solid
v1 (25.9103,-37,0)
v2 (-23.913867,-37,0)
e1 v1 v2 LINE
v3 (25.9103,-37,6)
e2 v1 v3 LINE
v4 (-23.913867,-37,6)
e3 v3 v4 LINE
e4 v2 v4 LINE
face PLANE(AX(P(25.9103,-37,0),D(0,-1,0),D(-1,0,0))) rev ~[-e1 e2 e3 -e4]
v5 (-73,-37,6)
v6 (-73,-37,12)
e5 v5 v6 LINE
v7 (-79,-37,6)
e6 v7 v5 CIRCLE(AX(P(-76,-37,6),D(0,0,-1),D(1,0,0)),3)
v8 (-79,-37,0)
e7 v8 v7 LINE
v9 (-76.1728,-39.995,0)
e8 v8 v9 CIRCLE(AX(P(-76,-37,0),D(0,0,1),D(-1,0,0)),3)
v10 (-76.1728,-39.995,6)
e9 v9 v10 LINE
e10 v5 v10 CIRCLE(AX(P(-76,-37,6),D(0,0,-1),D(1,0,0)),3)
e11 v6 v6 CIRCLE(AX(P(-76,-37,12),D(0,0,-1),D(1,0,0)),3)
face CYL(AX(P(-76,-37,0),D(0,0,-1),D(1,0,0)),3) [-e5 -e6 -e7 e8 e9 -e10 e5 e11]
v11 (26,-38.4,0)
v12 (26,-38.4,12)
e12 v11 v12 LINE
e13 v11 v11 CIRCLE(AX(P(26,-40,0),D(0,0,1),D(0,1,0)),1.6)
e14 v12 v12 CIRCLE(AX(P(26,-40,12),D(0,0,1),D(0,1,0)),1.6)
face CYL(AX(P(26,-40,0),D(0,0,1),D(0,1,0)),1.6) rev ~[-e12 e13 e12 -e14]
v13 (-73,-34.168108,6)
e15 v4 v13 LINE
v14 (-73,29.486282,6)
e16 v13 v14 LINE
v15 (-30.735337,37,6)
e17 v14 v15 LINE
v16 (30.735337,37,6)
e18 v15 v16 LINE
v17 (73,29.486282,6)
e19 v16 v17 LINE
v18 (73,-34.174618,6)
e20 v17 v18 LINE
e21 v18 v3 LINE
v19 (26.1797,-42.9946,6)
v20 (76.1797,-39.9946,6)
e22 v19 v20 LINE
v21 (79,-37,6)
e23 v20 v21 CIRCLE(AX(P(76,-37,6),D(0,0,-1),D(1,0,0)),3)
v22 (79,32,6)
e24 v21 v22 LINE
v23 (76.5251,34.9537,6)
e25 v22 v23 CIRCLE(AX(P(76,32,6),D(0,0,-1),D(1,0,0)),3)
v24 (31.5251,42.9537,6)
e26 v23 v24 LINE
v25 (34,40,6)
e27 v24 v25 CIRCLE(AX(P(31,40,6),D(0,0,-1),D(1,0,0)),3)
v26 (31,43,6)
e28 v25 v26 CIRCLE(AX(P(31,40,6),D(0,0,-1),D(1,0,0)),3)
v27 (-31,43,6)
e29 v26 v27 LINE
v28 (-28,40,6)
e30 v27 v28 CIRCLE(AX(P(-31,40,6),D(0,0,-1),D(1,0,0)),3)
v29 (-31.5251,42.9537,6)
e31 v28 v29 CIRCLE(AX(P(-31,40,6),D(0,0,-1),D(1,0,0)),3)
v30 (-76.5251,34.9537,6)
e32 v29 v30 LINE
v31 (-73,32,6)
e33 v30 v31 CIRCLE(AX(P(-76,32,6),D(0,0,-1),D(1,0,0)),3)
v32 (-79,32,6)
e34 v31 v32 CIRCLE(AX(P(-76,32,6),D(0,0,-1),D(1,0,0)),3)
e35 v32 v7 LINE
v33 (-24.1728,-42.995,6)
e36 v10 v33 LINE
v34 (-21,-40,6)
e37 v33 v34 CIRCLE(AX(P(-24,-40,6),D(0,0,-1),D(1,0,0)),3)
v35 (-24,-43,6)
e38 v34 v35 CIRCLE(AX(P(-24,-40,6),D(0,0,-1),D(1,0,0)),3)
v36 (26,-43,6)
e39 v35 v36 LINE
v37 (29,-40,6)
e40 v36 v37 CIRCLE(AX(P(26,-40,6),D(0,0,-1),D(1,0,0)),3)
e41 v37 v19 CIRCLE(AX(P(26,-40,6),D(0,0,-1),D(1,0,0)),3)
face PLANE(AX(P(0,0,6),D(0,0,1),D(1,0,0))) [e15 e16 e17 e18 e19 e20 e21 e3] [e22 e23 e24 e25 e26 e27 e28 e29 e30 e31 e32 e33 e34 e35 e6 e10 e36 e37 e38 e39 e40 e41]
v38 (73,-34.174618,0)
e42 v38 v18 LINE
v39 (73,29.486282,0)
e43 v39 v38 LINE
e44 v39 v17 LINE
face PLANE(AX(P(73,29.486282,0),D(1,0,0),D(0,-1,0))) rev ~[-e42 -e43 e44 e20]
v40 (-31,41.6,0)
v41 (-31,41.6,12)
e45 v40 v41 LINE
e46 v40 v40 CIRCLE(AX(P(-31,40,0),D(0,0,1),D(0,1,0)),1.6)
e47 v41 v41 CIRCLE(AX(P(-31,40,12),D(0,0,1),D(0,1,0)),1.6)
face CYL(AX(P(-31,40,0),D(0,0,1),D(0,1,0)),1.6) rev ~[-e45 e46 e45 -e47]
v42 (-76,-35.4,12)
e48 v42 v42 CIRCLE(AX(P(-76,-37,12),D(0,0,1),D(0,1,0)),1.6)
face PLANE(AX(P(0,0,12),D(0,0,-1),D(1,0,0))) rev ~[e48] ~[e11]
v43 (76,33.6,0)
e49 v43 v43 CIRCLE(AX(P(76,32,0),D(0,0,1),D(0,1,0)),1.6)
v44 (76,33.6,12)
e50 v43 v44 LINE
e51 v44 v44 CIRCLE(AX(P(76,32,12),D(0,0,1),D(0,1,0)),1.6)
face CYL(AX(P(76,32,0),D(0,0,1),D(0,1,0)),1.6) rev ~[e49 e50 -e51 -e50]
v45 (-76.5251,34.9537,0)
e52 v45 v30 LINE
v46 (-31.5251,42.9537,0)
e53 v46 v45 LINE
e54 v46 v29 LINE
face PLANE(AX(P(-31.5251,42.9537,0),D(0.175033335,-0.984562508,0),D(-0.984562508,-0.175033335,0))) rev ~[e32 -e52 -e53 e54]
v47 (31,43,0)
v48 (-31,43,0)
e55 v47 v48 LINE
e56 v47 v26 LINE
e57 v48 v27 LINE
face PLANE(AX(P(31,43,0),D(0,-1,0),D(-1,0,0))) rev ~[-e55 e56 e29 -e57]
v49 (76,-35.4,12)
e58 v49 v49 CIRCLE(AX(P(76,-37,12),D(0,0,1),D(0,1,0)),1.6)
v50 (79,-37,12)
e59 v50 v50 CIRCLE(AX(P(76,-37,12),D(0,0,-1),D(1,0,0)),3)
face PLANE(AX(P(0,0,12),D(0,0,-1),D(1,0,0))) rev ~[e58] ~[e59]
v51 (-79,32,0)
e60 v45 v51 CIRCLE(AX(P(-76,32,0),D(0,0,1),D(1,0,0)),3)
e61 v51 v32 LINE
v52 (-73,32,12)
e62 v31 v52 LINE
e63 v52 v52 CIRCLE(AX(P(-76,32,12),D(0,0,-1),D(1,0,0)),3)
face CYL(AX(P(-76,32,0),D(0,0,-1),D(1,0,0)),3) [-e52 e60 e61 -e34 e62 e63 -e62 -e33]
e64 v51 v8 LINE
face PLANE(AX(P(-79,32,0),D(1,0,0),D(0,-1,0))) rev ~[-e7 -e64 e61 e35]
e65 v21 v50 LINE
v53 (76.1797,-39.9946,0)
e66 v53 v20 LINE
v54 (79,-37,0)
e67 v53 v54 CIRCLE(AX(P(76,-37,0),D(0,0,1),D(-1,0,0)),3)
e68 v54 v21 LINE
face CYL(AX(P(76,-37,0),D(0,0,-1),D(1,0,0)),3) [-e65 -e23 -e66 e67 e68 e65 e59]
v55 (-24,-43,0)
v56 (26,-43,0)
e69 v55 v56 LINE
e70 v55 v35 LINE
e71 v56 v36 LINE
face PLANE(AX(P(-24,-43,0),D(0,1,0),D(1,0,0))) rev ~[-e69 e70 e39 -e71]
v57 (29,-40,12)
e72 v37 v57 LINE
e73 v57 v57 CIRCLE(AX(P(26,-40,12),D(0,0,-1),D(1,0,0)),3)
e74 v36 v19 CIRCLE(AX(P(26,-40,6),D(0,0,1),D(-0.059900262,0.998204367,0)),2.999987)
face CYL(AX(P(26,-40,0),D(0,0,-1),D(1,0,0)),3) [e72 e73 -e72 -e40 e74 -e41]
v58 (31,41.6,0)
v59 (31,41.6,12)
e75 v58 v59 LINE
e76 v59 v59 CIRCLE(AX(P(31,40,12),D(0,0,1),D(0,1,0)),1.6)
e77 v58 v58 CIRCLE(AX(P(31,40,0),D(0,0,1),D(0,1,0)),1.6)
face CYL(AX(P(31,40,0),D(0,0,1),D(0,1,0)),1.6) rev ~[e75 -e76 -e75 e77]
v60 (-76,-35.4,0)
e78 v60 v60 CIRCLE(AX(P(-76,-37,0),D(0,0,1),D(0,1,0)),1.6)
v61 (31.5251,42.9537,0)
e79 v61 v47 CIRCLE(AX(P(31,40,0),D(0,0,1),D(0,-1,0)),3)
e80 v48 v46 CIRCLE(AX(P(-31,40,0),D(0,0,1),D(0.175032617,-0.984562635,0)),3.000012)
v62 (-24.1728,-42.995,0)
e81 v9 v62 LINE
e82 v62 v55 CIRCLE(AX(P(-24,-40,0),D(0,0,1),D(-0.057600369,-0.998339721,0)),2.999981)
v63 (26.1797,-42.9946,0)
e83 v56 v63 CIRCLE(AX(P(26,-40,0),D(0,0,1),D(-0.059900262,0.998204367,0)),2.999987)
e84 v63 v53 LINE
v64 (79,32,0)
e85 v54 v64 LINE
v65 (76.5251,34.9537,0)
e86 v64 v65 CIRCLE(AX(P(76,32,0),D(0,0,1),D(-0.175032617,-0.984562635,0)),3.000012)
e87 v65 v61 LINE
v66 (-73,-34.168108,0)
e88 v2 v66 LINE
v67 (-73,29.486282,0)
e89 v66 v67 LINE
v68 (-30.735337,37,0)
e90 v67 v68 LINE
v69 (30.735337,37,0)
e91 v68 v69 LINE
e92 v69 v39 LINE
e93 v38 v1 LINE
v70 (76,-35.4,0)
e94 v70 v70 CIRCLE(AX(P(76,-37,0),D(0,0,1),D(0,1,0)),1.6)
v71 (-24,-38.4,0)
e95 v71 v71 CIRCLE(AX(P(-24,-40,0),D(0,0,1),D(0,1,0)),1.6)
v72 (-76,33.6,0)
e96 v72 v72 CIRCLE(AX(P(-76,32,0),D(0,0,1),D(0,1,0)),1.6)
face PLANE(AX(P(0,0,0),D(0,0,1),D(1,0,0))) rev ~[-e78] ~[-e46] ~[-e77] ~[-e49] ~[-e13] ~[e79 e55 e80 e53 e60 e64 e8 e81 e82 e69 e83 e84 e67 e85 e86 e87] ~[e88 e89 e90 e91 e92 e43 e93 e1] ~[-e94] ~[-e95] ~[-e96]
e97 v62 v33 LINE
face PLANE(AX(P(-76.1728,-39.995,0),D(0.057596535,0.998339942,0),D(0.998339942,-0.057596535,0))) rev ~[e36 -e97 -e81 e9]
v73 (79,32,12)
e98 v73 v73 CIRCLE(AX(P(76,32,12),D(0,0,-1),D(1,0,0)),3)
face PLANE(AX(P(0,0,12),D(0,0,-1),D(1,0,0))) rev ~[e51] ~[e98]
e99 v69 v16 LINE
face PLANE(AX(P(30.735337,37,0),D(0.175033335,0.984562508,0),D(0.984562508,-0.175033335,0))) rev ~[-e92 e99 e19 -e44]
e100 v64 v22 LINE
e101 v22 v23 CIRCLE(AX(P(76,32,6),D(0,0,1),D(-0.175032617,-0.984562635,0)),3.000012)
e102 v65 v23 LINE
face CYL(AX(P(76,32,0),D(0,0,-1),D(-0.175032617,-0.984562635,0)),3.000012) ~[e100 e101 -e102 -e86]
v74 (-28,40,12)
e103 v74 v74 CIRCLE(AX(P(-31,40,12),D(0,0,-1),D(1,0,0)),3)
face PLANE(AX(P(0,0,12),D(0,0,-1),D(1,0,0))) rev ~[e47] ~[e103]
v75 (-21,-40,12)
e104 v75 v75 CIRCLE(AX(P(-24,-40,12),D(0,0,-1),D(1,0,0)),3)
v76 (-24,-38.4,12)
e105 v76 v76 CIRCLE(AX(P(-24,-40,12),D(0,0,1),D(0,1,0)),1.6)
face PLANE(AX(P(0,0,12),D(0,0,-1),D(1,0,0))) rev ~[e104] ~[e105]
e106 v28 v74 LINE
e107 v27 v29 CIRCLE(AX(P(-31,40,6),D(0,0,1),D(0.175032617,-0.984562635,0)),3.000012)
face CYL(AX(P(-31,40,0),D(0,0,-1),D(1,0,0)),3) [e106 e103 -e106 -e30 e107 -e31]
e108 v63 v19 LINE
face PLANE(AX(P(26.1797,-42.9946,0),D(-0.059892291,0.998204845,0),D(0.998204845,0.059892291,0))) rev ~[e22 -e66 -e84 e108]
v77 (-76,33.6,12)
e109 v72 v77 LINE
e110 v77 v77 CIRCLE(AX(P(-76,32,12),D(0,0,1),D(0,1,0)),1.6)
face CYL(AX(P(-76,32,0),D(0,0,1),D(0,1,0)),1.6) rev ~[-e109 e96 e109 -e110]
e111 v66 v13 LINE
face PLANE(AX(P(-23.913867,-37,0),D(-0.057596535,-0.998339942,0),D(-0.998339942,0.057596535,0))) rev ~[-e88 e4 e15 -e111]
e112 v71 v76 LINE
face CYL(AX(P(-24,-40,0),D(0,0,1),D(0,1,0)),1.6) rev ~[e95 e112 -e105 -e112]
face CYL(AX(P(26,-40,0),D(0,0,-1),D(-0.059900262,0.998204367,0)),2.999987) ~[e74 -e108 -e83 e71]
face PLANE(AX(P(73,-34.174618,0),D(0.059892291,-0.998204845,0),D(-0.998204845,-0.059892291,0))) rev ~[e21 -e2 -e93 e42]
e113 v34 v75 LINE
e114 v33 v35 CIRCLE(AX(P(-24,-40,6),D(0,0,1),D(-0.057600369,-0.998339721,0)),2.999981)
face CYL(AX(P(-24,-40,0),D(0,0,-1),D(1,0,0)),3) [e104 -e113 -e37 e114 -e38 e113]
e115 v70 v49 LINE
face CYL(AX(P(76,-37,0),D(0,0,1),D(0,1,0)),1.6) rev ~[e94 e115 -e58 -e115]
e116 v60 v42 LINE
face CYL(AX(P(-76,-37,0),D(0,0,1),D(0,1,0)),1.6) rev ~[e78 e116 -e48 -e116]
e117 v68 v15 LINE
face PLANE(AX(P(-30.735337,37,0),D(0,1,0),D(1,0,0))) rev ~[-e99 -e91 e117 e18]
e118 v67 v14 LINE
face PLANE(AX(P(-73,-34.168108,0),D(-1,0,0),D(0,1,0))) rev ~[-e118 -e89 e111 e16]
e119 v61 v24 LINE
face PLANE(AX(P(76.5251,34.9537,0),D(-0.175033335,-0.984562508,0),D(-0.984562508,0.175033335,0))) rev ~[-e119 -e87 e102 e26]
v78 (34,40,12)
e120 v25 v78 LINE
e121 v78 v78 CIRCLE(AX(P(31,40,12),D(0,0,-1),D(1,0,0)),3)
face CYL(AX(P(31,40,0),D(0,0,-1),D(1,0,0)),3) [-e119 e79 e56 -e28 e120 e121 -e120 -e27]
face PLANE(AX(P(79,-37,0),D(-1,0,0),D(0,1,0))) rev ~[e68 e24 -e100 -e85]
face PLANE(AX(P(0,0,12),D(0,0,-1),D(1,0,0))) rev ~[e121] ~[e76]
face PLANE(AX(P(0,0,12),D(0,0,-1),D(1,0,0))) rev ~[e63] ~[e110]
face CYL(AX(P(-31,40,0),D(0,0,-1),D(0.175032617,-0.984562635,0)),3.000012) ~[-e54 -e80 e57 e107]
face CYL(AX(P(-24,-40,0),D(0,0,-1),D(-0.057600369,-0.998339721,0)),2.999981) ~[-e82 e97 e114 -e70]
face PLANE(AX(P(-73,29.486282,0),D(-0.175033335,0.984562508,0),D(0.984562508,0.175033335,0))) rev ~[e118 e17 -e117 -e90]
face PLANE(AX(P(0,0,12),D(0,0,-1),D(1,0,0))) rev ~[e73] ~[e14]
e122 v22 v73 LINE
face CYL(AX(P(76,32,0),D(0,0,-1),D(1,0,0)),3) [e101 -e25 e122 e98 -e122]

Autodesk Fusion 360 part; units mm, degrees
sketch "Sketch1" plane through (0, 0, 0) normal (0, 0, 1) x (1, 0, 0)
  circle A0 centre (-76, 32) radius 1.6
  circle A1 centre (-31, 40) radius 1.6
  circle A2 centre (31, 40) radius 1.6
  circle A3 centre (76, 32) radius 1.6
  circle A4 centre (-76, -37) radius 1.6
  circle A5 centre (-24, -40) radius 1.6
  circle A6 centre (26, -40) radius 1.6
  circle A7 centre (76, -37) radius 1.6
  line L0 (-80, 44) -> (80, 44)
  line L1 (80, 44) -> (80, -44)
  line L2 (80, -44) -> (-80, -44)
  line L3 (-80, -44) -> (-80, 44)
  line L4 (80, 44) -> (-80, -44) construction
  dimension "d1" = 3.2
  dimension "d2" = 69
  dimension "d3" = 152
  dimension "d4" = 50
  dimension "d5" = 62
  dimension "d6" = 7
  dimension "d7" = 160
  dimension "d8" = 4
  dimension "d9" = 88
  dimension "d10" = 4
  dimension "d11" = 4
  dimension "d13" = 49
  dimension "d21" = 56
sketch "Sketch2" plane through (0, 0, 0) normal (0, 0, 1) x (1, 0, 0)
  circle A0 centre (-76, 32) radius 1.6 construction
  circle A1 centre (-31, 40) radius 1.6 construction
  circle A2 centre (31, 40) radius 1.6 construction
  circle A3 centre (76, 32) radius 1.6 construction
  circle A4 centre (76, -37) radius 1.6 construction
  circle A5 centre (26, -40) radius 1.6 construction
  circle A6 centre (-24, -40) radius 1.6 construction
  circle A7 centre (-76, -37) radius 1.6 construction
  circle A8 centre (-76, 32) radius 3 construction
  circle A9 centre (-31, 40) radius 3 construction
  circle A10 centre (31, 40) radius 3 construction
  circle A11 centre (76, 32) radius 3 construction
  circle A12 centre (76, -37) radius 3 construction
  circle A13 centre (26, -40) radius 3 construction
  circle A14 centre (-24, -40) radius 3 construction
  circle A15 centre (-76, -37) radius 3 construction
  line L0 (-79, 32) -> (-79, -37)
  arc A16 (-79, -37) -> (-73, -37) centre (-76, -37) ccw
  line L1 (-73, -37) -> (-73, 32)
  arc A17 (-73, 32) -> (-79, 32) centre (-76, 32) ccw
  line L2 (-76, 32) -> (-76, -37) construction
  line L3 (-76.1728, -39.995) -> (-24.1728, -42.995)
  arc A18 (-24.1728, -42.995) -> (-23.8272, -37.005) centre (-24, -40) ccw
  line L4 (-23.8272, -37.005) -> (-75.8272, -34.005)
  arc A19 (-75.8272, -34.005) -> (-76.1728, -39.995) centre (-76, -37) ccw
  line L5 (-76, -37) -> (-24, -40) construction
  line L6 (-75.4749, 29.0463) -> (-30.4749, 37.0463)
  arc A20 (-30.4749, 37.0463) -> (-31.5251, 42.9537) centre (-31, 40) ccw
  line L7 (-31.5251, 42.9537) -> (-76.5251, 34.9537)
  arc A21 (-76.5251, 34.9537) -> (-75.4749, 29.0463) centre (-76, 32) ccw
  line L8 (-76, 32) -> (-31, 40) construction
  line L9 (-31, 37) -> (31, 37)
  arc A22 (31, 37) -> (31, 43) centre (31, 40) ccw
  line L10 (31, 43) -> (-31, 43)
  arc A23 (-31, 43) -> (-31, 37) centre (-31, 40) ccw
  line L11 (-31, 40) -> (31, 40) construction
  line L12 (30.4749, 37.0463) -> (75.4749, 29.0463)
  arc A24 (75.4749, 29.0463) -> (76.5251, 34.9537) centre (76, 32) ccw
  line L13 (76.5251, 34.9537) -> (31.5251, 42.9537)
  arc A25 (31.5251, 42.9537) -> (30.4749, 37.0463) centre (31, 40) ccw
  line L14 (31, 40) -> (76, 32) construction
  line L15 (73, 32) -> (73, -37)
  arc A26 (73, -37) -> (79, -37) centre (76, -37) ccw
  line L16 (79, -37) -> (79, 32)
  arc A27 (79, 32) -> (73, 32) centre (76, 32) ccw
  line L17 (76, 32) -> (76, -37) construction
  line L18 (75.8203, -34.0054) -> (25.8203, -37.0054)
  arc A28 (25.8203, -37.0054) -> (26.1797, -42.9946) centre (26, -40) ccw
  line L19 (26.1797, -42.9946) -> (76.1797, -39.9946)
  arc A29 (76.1797, -39.9946) -> (75.8203, -34.0054) centre (76, -37) ccw
  line L20 (76, -37) -> (26, -40) construction
  line L21 (26, -37) -> (-24, -37)
  arc A30 (-24, -37) -> (-24, -43) centre (-24, -40) ccw
  line L22 (-24, -43) -> (26, -43)
  arc A31 (26, -43) -> (26, -37) centre (26, -40) ccw
  line L23 (26, -40) -> (-24, -40) construction
  dimension "d14" = 6
extrude "Extrude1" add sketch "Sketch2" along normal blind 6 contours L0 L1 L4 A19 L6 A21 | L1 A17 L6 A21 | A16 L1 L4 A19 | L1 A17 L6 L7 L9 A23 | A16 L1 L3 L4 L21 A30 | L6 A20 L9 A23 | A18 L4 L21 A30 | L6 A20 L9 L10 L12 A25 | A18 L4 L18 A28 L21 L22 | L9 A22 L12 A25 | L9 A22 L12 L13 L15 A27 | L18 A28 L21 A31 | L15 A26 L18 L19 L21 A31 | L12 A24 L15 A27 | L12 A24 L15 L16 L18 A29 | L15 A26 L18 A29
sketch "Sketch3" plane through (0, 0, 0) normal (0, 0, -1) x (1, 0, 0)
  circle A0 centre (-76, 37) radius 3
  circle A1 centre (-24, 40) radius 3
  circle A2 centre (26, 40) radius 3
  circle A3 centre (76, 37) radius 3
  circle A4 centre (76, -32) radius 3
  circle A5 centre (31, -40) radius 3
  circle A6 centre (-31, -40) radius 3
  circle A7 centre (-76, -32) radius 3
extrude "Extrude2" add sketch "Sketch3" against normal blind 12
hole "Hole1" at (76, 32, 0) at (31, 40, 0) at (-31, 40, 0) at (-76, 32, 0) at (-76, -37, 0) at (-24, -40, 0) at (26, -40, 0) at (76, -37, 0) direction (0, 0, 1) diameter 3.2 end through all
equation "d6 = 5.4 mm + ( ( 3.2 / 2 ) * 1 mm )"
equation "d8 = 2.4 mm + ( ( 3.2 / 2 ) * 1 mm )"
equation "d10 = 2.4 mm + ( ( 3.2 / 2 ) * 1 mm )"
equation "d11 = 2.4 mm + ( ( 3.2 / 2 ) * 1 mm )"
equation "d13 = 47.4 mm + ( ( 3.2 / 2 ) * 1 mm )"
equation "d21 = 54.4 mm + ( ( 3.2 / 2 ) * 1 mm )"
